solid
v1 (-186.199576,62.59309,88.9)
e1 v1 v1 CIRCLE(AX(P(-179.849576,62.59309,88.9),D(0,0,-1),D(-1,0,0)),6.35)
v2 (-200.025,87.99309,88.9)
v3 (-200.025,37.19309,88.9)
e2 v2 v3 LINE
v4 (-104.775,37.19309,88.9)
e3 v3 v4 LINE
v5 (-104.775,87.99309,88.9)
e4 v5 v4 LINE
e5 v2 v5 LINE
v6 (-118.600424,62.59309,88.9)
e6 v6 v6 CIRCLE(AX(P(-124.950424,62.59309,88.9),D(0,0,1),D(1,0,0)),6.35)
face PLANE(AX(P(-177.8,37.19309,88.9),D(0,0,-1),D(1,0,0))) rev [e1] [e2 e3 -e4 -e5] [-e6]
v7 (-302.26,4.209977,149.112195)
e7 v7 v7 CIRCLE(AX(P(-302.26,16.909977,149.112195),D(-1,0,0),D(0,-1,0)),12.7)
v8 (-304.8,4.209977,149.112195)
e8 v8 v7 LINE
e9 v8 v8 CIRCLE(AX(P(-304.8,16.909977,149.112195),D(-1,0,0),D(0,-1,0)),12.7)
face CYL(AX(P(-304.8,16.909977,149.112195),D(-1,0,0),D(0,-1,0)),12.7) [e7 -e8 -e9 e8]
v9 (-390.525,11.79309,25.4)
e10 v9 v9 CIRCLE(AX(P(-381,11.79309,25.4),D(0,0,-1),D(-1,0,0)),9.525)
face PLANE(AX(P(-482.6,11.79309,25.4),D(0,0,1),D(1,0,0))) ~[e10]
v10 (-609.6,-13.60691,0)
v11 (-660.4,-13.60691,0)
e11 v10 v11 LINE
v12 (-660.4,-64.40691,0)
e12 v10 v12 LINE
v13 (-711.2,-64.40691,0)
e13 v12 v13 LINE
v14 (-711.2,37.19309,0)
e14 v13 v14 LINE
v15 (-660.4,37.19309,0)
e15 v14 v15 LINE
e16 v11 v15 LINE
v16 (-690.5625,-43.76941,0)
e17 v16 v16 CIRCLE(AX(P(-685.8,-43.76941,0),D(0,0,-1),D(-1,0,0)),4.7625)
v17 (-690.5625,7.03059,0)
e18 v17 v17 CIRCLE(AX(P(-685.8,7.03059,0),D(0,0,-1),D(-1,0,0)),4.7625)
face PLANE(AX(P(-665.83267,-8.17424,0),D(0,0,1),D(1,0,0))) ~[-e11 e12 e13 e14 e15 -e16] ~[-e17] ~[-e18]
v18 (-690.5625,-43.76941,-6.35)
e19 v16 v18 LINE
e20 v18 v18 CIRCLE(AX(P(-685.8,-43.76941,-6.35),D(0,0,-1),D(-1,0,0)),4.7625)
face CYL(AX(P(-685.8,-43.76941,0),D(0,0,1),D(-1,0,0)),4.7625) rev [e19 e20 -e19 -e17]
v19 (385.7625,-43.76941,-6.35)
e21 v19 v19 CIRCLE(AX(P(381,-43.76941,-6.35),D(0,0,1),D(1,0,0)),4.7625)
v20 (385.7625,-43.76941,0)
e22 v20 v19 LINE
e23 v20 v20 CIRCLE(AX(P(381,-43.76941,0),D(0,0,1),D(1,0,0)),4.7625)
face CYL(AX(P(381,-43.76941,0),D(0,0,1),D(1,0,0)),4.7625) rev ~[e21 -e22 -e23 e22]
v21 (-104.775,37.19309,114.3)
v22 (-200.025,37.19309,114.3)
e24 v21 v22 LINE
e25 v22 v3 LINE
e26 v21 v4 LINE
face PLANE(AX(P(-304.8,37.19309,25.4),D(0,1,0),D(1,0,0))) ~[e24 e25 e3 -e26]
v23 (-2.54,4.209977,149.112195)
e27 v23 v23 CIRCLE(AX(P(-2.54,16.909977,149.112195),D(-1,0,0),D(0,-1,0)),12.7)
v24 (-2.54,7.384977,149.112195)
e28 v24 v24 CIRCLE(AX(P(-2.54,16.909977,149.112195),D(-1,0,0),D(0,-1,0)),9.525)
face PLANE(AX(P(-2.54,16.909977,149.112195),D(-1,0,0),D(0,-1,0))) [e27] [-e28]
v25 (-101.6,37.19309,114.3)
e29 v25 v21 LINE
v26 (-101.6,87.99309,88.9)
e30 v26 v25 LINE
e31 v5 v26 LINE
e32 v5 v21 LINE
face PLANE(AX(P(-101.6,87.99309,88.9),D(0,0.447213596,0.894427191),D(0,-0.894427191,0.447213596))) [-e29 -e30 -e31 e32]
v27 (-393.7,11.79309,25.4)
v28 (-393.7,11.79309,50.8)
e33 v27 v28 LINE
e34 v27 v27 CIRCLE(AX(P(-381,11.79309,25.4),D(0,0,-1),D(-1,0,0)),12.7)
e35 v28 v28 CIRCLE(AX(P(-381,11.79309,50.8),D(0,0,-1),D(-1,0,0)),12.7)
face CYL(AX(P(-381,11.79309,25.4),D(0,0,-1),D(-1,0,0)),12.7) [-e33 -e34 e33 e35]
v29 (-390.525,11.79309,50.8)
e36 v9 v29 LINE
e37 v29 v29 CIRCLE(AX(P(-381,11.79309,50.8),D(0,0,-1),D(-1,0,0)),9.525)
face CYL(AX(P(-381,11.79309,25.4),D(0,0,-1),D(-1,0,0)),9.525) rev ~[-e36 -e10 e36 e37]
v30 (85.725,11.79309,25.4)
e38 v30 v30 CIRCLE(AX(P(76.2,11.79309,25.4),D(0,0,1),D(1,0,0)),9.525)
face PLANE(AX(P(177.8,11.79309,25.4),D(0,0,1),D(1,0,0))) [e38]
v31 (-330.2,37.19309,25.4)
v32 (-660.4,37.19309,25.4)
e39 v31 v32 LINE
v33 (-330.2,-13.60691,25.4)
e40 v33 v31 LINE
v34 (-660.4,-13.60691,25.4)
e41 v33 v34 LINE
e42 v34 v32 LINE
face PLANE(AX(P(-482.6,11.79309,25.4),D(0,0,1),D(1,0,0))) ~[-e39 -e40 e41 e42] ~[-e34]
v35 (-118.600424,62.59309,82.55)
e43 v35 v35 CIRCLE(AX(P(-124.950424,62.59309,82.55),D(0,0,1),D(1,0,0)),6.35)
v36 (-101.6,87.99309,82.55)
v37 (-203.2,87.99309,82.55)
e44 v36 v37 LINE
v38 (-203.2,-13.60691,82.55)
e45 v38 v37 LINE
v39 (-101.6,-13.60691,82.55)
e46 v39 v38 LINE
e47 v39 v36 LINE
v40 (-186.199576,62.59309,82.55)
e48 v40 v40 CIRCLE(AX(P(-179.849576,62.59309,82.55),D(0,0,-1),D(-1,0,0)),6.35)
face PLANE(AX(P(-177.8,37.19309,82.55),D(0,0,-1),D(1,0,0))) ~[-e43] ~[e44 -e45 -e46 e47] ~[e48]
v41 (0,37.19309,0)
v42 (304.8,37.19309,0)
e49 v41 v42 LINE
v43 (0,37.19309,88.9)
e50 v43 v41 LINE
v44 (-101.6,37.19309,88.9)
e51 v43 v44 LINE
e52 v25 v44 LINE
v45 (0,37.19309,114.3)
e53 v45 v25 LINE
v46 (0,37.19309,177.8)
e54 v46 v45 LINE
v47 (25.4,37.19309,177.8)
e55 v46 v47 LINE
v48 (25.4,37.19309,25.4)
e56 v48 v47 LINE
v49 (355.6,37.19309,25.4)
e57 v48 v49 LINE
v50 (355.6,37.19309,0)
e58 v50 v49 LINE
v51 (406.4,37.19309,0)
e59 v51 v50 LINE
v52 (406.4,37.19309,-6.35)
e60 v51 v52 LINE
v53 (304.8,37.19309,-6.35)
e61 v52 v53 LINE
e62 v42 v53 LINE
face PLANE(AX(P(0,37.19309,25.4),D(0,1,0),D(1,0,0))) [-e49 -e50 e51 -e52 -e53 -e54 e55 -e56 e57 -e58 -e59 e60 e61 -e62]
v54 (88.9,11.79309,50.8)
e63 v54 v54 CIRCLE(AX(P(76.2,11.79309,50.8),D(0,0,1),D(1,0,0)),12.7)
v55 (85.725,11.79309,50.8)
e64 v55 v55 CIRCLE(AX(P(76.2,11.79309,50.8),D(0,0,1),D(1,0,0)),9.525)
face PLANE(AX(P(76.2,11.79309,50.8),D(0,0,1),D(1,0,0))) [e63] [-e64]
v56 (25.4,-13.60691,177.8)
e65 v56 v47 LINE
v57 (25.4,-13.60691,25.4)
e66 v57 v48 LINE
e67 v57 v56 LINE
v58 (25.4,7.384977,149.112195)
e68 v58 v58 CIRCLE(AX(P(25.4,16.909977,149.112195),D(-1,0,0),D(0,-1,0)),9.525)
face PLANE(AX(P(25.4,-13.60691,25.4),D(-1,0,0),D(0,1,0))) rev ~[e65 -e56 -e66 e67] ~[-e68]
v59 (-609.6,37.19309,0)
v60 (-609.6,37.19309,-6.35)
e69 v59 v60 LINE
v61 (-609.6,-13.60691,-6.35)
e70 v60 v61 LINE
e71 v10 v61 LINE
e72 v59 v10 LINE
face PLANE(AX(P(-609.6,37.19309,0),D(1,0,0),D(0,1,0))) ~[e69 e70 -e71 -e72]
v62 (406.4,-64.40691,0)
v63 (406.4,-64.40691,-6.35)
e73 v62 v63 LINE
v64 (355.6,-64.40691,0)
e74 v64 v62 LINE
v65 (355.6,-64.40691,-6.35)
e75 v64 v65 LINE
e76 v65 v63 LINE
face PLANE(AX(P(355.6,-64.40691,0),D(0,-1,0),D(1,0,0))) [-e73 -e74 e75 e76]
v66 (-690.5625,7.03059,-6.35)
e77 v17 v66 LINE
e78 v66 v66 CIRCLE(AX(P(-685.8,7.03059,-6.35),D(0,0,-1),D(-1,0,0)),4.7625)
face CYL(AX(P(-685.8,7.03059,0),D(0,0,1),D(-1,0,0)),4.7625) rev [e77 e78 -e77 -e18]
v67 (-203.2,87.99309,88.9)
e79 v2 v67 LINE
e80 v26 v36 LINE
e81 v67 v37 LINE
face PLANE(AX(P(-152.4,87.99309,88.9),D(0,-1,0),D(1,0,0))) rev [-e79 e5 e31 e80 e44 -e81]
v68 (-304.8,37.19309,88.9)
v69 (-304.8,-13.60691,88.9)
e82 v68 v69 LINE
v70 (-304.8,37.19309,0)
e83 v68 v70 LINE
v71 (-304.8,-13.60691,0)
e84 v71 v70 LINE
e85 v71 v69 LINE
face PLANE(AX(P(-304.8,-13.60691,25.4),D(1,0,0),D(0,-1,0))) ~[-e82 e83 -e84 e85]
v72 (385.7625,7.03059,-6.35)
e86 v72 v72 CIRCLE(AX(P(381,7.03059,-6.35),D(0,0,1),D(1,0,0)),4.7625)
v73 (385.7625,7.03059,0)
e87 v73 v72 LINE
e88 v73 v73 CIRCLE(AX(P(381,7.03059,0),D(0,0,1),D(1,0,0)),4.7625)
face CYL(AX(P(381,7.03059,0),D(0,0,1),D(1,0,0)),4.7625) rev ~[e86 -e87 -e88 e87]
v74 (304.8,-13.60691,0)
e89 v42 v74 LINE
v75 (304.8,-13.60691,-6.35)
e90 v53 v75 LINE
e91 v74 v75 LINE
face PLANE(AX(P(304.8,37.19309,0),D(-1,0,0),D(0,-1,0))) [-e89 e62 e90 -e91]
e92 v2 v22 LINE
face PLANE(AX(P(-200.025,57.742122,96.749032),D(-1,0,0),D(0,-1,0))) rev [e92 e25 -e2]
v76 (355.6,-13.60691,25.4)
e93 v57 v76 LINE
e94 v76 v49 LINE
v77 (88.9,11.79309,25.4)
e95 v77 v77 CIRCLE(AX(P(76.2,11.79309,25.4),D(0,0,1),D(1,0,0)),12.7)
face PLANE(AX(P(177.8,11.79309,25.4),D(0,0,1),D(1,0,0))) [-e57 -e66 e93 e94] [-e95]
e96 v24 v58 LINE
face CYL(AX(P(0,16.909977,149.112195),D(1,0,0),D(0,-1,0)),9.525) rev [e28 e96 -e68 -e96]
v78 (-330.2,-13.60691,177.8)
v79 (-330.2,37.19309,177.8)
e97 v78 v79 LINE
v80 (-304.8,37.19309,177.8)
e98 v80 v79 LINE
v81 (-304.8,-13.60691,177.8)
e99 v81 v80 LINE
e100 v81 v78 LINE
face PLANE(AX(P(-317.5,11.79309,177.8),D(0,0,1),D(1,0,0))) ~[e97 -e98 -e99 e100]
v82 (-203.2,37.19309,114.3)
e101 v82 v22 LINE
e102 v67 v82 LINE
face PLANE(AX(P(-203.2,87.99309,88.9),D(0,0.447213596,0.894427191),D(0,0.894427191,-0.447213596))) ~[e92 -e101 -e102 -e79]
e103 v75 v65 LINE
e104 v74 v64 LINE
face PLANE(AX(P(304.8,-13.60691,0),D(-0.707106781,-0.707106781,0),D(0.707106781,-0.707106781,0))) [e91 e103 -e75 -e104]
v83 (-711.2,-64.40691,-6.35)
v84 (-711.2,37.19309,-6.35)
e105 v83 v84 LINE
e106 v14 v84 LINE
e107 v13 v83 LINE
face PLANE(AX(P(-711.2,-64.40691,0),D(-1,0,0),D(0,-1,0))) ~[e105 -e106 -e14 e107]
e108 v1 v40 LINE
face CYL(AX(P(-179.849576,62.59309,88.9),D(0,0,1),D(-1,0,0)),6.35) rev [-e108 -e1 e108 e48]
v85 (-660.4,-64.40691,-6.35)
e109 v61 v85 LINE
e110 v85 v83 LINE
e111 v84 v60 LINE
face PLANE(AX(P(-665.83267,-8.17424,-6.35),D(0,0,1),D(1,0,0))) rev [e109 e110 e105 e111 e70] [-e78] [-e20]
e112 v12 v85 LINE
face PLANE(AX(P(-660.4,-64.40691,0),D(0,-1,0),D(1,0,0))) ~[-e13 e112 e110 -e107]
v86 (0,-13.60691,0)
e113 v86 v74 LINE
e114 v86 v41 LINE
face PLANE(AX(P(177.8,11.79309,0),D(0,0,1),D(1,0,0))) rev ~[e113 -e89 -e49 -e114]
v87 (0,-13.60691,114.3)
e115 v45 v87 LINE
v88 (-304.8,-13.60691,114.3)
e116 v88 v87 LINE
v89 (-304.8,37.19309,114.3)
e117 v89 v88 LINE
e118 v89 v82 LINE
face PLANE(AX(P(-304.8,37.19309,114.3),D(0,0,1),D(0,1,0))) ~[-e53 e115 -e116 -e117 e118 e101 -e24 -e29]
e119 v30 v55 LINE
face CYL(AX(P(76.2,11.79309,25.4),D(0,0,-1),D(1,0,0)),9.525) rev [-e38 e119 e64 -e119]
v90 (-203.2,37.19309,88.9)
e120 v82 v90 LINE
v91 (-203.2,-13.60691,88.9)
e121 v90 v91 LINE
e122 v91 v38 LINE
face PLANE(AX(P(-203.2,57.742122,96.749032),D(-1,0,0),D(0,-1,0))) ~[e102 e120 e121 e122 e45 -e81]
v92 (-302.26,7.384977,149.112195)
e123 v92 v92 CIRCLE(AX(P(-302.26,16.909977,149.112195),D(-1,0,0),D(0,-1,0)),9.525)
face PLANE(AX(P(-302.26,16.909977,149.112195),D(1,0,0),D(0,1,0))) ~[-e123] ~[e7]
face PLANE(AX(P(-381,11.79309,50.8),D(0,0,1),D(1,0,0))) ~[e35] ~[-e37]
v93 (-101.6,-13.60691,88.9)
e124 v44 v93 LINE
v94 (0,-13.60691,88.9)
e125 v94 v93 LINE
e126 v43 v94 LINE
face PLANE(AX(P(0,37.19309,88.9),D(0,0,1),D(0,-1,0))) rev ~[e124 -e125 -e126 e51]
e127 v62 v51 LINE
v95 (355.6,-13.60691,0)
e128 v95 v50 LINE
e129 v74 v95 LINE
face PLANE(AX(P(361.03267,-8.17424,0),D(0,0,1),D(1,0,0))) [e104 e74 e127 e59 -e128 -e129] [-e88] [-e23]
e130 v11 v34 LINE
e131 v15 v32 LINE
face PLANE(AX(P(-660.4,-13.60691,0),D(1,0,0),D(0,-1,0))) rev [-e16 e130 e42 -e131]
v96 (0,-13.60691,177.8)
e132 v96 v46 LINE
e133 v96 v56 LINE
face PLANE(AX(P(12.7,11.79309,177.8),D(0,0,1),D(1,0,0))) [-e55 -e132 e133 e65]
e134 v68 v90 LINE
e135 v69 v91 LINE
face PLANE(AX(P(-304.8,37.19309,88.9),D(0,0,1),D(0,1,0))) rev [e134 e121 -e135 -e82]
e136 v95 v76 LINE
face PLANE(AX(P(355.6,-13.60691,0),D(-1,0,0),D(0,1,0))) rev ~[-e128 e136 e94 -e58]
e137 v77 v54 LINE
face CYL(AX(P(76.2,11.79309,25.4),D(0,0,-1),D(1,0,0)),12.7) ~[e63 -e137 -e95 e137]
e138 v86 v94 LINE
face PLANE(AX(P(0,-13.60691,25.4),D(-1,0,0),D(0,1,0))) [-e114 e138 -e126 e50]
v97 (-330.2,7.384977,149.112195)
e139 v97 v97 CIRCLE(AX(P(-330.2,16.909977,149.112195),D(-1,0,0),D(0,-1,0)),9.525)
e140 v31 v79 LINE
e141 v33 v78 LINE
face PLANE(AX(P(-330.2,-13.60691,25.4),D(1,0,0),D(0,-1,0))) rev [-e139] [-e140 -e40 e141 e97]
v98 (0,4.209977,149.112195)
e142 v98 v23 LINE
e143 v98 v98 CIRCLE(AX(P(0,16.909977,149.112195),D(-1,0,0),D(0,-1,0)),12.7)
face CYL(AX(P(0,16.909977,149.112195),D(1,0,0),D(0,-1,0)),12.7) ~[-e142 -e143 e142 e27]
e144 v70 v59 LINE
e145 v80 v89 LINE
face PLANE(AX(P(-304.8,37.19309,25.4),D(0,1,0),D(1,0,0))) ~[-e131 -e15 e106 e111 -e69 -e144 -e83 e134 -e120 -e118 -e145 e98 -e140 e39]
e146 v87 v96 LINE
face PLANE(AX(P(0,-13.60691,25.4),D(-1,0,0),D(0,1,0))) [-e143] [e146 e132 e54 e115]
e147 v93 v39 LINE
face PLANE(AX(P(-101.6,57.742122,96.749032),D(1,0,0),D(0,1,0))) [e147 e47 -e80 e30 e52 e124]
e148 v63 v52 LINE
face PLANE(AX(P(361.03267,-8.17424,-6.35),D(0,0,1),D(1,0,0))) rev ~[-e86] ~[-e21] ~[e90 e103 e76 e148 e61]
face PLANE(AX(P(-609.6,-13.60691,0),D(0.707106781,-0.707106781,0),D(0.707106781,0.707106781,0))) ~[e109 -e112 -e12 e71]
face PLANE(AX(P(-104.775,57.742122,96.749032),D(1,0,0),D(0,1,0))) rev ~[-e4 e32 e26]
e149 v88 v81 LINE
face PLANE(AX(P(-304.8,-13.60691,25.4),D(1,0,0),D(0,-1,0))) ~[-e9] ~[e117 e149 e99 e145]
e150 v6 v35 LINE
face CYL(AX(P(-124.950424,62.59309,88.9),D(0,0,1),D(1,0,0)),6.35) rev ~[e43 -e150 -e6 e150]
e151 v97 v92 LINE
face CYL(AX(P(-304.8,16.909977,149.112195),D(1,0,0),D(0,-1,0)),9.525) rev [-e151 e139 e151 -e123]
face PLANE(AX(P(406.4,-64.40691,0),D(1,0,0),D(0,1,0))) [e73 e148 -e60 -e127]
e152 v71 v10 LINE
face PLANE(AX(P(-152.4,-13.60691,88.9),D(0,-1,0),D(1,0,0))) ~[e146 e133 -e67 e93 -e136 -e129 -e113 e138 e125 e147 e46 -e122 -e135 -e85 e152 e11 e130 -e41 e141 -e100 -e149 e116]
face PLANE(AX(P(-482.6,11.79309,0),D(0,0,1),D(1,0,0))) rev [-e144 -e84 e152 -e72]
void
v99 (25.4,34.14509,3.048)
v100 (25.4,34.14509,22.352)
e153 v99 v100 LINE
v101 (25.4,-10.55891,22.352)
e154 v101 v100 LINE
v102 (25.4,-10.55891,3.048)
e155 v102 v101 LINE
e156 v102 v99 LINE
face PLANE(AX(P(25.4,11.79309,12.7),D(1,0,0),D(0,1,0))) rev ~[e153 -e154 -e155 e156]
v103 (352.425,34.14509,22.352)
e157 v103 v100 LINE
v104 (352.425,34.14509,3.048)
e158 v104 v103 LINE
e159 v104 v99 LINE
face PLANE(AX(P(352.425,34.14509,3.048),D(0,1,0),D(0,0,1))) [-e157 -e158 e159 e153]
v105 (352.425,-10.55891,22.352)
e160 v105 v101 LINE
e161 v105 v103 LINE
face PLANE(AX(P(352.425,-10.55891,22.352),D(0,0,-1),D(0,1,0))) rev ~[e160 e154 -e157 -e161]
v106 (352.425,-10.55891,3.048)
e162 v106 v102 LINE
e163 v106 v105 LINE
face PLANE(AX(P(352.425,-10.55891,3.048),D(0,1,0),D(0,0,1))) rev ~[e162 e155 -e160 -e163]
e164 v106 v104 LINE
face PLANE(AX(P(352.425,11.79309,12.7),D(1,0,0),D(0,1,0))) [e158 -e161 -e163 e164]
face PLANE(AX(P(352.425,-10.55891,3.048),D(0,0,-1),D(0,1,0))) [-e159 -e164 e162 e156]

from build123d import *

# Parameters (mm, degrees)
F0_W      = 355.6
F0_H      = 50.8
F1_DEPTH  = 25.4
F3_DEPTH  = 6.35
F4_R      = 4.7625
F5_DEPTH  = 25.4
F6_R      = 12.7
F6_R_2    = 9.525
F7_DEPTH  = 25.4
F8_W      = 25.4
F8_H      = 50.8
F9_DEPTH  = 152.4
F10_W     = 50.8
F10_H     = 25.4
F11_DEPTH = 152.4
F12_R     = 12.7
F12_R_2   = 9.525
F13_DEPTH = 2.54
F14_R     = 9.525
F15_DEPTH = 25.4
F16_W     = 50.8
F16_H     = 101.6
F17_DEPTH = 6.35
F18_R     = 6.35
F19_DEPTH = 25.4
F20_W     = 50.8
F20_H     = 6.35
F21_DEPTH = 3.175
F24_W     = 44.704
F24_H     = 19.304
F25_DEPTH = 327.025


with BuildPart() as f1:
    # F0 (on Top) → F1 (new body)
    with BuildSketch(Plane.XY):
        with Locations((177.8, 11.7930904027)):
            Rectangle(F0_W, F0_H)
    extrude(amount=F1_DEPTH)

    # F2 (on Top) → F3 (join)
    with BuildSketch(Plane.XY):
        Polygon((355.6, 37.1930904027), (304.8, 37.1930904027), (304.8, -13.6069095973), (355.6, -64.4069095973), (406.4, -64.4069095973), (406.4, 37.1930904027), align=None)
    extrude(amount=-F3_DEPTH)

    # F4 (on face) → F5 (cut)
    with BuildSketch(Plane.XY):
        with Locations((381, -43.7694095973)):
            Circle(F4_R)
        with Locations((381, 7.0305904027)):
            Circle(F4_R)
    extrude(amount=-F5_DEPTH, mode=Mode.SUBTRACT)

    # F6 (on face) → F7 (join)
    with BuildSketch(Plane.XY.offset(25.4)):
        with Locations((76.2, 11.7930904027)):
            Circle(F6_R)
        with Locations((76.2, 11.7930904027)):
            Circle(F6_R_2, mode=Mode.SUBTRACT)
    extrude(amount=F7_DEPTH)

    # F8 (on face) → F9 (join)
    with BuildSketch(Plane.XY.offset(25.4)):
        with Locations((12.7, 11.7930904027)):
            Rectangle(F8_W, F8_H)
    extrude(amount=F9_DEPTH)

    # F10 (on face) → F11 (join)
    with BuildSketch(Plane(origin=(0, 0, 0), x_dir=(0, -1, 0), z_dir=(-1, 0, 0))):
        with Locations((-11.7930904027, 101.6)):
            Rectangle(F10_W, F10_H)
    extrude(amount=F11_DEPTH)

    # F12 (on face) → F13 (join)
    with BuildSketch(Plane(origin=(0, 0, 0), x_dir=(0, -1, 0), z_dir=(-1, 0, 0))):
        with Locations((-16.9099774212, 149.1121947765)):
            Circle(F12_R)
        with Locations((-16.9099774212, 149.1121947765)):
            Circle(F12_R_2, mode=Mode.SUBTRACT)
    extrude(amount=F13_DEPTH)

    # F14 (on face) → F15 (cut)
    with BuildSketch(Plane(origin=(0, 0, 0), x_dir=(0, -1, 0), z_dir=(-1, 0, 0))):
        with Locations((-16.9099774212, 149.1121947765)):
            Circle(F14_R)
    extrude(amount=-F15_DEPTH, mode=Mode.SUBTRACT)

    # F16 (on face) → F17 (join)
    with BuildSketch(Plane(origin=(0, 0, 88.9), x_dir=(1, 0, 0), z_dir=(0, 0, -1))):
        with Locations((-127, -37.1930904027)):
            Rectangle(F16_W, F16_H)
    extrude(amount=F17_DEPTH)

    # F18 (on face) → F19 (cut)
    with BuildSketch(Plane.XY.offset(88.9)):
        with Locations((-124.9504238367, 62.5930904027)):
            Circle(F18_R)
    extrude(amount=-F19_DEPTH, mode=Mode.SUBTRACT)

    # F20 (on face) → F21 (join)
    with BuildSketch(Plane.YZ.offset(-101.6)):
        Polygon((37.1930904027, 88.9), (87.9930904027, 88.9), (37.1930904027, 114.3), align=None)
        with Locations((62.5930904027, 85.725)):
            Rectangle(F20_W, F20_H)
    extrude(amount=-F21_DEPTH)

    # F22: F1 across face


with BuildPart() as f1_1:
    add(f1.part)
    add(f1.part.mirror(Plane(origin=(-152.4, 20.2597570693, 96.3083333333), x_dir=(0, -1, 0), z_dir=(-1, 0, 0))))

    # F24 (on offset) → F25 (cut, through all)
    with BuildSketch(Plane.YZ.offset(352.425)):
        with Locations((11.7930904027, 12.7)):
            Rectangle(F24_W, F24_H)
    extrude(amount=-F25_DEPTH, mode=Mode.SUBTRACT)


solid = f1_1.part
